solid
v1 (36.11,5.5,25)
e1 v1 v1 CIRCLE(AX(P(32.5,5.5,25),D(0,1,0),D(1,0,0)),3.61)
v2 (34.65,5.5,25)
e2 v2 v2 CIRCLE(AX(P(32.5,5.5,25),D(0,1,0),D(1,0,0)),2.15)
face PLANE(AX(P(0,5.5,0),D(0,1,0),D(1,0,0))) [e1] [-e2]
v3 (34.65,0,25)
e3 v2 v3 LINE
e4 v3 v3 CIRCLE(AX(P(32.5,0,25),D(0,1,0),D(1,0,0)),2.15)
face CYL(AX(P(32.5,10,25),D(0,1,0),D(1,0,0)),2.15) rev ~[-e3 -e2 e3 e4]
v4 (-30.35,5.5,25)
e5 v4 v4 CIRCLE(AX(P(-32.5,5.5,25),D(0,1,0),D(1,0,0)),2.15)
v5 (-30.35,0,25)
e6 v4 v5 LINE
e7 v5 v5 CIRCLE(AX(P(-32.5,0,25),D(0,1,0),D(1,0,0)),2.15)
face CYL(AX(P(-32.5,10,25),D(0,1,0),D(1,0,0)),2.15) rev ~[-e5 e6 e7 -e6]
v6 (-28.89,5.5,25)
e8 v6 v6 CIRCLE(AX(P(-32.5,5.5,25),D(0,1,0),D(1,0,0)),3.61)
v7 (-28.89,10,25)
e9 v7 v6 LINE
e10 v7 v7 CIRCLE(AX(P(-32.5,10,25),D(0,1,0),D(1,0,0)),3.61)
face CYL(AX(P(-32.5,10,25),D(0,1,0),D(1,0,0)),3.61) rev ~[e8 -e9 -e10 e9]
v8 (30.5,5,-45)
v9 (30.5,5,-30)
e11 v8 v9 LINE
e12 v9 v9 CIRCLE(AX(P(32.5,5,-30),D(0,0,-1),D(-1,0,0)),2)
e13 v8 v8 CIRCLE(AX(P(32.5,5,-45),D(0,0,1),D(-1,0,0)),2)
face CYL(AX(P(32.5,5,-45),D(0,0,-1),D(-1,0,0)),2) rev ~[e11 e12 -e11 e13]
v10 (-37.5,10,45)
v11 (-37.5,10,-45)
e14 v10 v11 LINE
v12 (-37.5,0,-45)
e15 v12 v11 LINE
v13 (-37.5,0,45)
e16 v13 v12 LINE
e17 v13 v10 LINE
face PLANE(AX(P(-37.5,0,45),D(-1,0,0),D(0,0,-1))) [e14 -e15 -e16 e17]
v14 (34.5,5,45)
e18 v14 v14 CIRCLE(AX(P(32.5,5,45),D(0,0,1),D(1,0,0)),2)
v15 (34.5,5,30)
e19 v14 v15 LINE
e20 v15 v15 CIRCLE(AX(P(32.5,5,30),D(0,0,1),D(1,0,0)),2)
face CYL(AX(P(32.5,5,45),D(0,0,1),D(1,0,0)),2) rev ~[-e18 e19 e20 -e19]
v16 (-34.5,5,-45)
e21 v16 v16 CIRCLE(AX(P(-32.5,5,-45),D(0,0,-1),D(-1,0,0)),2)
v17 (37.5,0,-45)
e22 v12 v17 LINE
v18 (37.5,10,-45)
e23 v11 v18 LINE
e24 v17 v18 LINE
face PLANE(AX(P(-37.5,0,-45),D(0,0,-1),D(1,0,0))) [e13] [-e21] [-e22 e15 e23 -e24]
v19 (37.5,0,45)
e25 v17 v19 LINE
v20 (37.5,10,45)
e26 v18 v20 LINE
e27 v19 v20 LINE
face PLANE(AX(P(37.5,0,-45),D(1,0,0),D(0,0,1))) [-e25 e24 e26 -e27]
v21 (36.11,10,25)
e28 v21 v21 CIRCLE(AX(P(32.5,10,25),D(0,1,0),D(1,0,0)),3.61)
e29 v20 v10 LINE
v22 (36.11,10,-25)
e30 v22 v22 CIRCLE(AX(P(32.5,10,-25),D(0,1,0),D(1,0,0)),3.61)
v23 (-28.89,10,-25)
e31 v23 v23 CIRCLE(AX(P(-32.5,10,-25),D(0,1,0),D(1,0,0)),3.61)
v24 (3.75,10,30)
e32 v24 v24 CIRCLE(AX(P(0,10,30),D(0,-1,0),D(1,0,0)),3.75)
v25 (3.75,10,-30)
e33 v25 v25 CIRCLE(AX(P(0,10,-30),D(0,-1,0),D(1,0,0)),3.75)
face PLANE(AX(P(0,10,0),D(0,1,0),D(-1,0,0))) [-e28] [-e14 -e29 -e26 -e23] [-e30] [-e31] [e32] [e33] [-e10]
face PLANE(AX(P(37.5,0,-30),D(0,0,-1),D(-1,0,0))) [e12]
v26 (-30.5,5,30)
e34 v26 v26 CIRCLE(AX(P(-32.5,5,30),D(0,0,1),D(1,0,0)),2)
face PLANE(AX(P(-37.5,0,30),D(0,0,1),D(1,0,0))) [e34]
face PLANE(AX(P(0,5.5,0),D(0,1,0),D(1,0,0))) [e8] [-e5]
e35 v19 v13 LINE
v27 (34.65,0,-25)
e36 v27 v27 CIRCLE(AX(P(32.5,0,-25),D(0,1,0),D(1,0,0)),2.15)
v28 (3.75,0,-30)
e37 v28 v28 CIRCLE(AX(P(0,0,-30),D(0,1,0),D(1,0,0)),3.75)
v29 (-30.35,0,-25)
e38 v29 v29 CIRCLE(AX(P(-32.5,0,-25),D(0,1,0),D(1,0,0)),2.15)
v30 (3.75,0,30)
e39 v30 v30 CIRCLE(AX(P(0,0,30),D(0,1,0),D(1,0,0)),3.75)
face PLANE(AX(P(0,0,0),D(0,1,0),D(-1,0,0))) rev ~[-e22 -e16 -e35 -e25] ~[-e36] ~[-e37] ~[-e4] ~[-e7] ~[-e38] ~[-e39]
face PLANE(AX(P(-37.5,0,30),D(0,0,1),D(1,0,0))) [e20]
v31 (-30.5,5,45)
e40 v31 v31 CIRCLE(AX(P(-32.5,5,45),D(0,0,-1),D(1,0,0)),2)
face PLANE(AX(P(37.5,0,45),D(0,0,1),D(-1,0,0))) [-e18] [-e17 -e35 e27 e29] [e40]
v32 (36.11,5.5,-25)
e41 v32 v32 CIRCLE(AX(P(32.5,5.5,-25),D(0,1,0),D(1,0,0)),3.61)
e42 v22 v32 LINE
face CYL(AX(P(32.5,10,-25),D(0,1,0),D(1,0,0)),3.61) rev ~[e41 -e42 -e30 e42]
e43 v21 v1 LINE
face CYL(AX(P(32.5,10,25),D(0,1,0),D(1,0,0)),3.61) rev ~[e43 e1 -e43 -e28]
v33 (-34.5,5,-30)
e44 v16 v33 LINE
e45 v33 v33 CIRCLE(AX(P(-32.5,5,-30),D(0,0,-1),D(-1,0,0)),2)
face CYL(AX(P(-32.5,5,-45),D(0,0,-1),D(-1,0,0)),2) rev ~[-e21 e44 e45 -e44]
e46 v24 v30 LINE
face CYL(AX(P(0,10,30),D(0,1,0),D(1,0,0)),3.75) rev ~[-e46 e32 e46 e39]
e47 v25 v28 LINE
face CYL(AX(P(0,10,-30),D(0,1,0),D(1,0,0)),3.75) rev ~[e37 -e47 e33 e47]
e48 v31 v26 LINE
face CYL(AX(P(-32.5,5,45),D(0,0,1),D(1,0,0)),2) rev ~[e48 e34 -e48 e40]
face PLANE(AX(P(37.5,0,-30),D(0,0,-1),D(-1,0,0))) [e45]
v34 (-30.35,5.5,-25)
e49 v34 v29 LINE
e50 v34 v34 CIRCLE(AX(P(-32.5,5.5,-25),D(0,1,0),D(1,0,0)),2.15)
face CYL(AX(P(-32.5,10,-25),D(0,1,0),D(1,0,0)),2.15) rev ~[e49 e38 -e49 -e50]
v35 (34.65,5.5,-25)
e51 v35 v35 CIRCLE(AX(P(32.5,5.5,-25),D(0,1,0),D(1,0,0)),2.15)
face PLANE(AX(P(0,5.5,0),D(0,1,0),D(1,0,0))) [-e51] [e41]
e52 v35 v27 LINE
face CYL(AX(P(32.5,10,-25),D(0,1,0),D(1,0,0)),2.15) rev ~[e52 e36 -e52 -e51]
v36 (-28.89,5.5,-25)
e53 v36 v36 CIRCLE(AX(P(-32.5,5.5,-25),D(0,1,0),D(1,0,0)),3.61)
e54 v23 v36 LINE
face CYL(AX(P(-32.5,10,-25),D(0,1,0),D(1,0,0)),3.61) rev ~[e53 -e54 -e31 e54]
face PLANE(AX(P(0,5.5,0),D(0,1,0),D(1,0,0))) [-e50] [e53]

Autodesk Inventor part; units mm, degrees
ref_plane "YZ Plane" through (0, 0, 0) normal (1, 0, 0) x (0, 1, 0)
ref_plane "XZ Plane" through (0, 0, 0) normal (0, 1, 0) x (-1, 0, 0)
ref_plane "XY Plane" through (0, 0, 0) normal (0, 0, 1) x (1, 0, 0)
sketch "Sketch1" plane through (0, 0, 0) normal (0, 1, 0) x (-1, 0, 0)
  line L0 (-37.5, 45) -> (37.5, 45)
  line L1 (37.5, 45) -> (37.5, -45)
  line L2 (37.5, -45) -> (-37.5, -45)
  line L3 (-37.5, -45) -> (-37.5, 45)
  line L4 (-37.5, 45) -> (37.5, -45) construction
  line L5 (37.5, 45) -> (-37.5, -45) construction
  point P0 (0, 0)
  dimension "d0" = 75
  dimension "d1" = 90
extrude "Extrusion1" add sketch "Sketch1" along normal blind 10
sketch "Sketch2" plane through (0, 10, 0) normal (0, 1, 0) x (1, 0, 0)
  line L0 (-37.5, -45) -> (37.5, -45) projected
  line L1 (37.5, -45) -> (37.5, -25)
  line L2 (37.5, -45) -> (37.5, 45) projected
  line L3 (37.5, -25) -> (32.5, -25)
  circle A0 centre (32.5, -25) radius 2.15
  line L4 (0, 0) -> (37.5, 0)
  line L5 (-37.5, 45) -> (37.5, 45)
  line L6 (37.5, 45) -> (37.5, 25)
  line L7 (37.5, 45) -> (37.5, -45)
  line L8 (37.5, 25) -> (32.5, 25)
  circle A1 centre (32.5, 25) radius 2.15
  line L9 (0, -45) -> (0, 45)
  line L10 (-37.5, -45) -> (-37.5, -25)
  line L11 (-37.5, -45) -> (-37.5, 45)
  line L12 (-37.5, -25) -> (-32.5, -25)
  circle A2 centre (-32.5, -25) radius 2.15
  line L13 (-37.5, 45) -> (-37.5, 25)
  line L14 (-37.5, 45) -> (-37.5, -45)
  line L15 (-37.5, 25) -> (-32.5, 25)
  circle A3 centre (-32.5, 25) radius 2.15
  point P0 (-37.5, 0)
  dimension "d4" = 20
  dimension "d5" = 5
  dimension "d6" = 4.3
extrude "Extrusion2" cut sketch "Sketch2" against normal blind 10 contours A3 | A2 | A0 | A1
sketch "Sketch3" plane through (0, 10, 0) normal (0, 1, 0) x (1, 0, 0)
  circle A0 centre (32.5, -25) radius 3.61
  circle A1 centre (32.5, -25) radius 2.15 projected
  line L0 (0, 0) -> (29.9913, 0)
  line L1 (-37.5, -45) -> (37.5, -45) projected
  line L2 (0, -45) -> (0, 45)
  circle A2 centre (32.5, -25) radius 2
  circle A3 centre (32.5, 25) radius 3.61
  circle A4 centre (32.5, 25) radius 2.15
  circle A5 centre (32.5, 25) radius 2
  circle A6 centre (-32.5, -25) radius 3.61
  circle A7 centre (-32.5, -25) radius 2.15
  circle A8 centre (-32.5, -25) radius 2
  circle A9 centre (-32.5, 25) radius 3.61
  circle A10 centre (-32.5, 25) radius 2.15
  circle A11 centre (-32.5, 25) radius 2
  point P0 (-29.9913, 0)
  dimension "d11" = 7.22
  dimension "d14" = 4
extrude "Extrusion3" cut sketch "Sketch3" against normal blind 4.5 contours A0 | A3 | A6 | A9
sketch "Sketch4" plane through (0, 10, 0) normal (0, 1, 0) x (1, 0, 0)
  line L0 (-37.5, -45) -> (37.5, -45) projected
  line L1 (37.5, -45) -> (0, -45)
  line L2 (0, -45) -> (0, -30)
  circle A0 centre (0, -30) radius 3.75
  line L3 (37.5, 45) -> (-37.5, 45) projected
  line L4 (-37.5, 45) -> (0, 45)
  line L5 (0, 45) -> (0, 30)
  circle A1 centre (0, 30) radius 3.75
  point P0 (0, 0)
  dimension "d17" = 37.5
  dimension "d18" = 15
  dimension "d19" = 7.5
  dimension "d22" = 37.5
  dimension "d23" = 15
  dimension "d24" = 7.5
extrude "Extrusion5" cut sketch "Sketch4" against normal blind 10
sketch "Sketch7" plane through (0, 10, 0) normal (0, 1, 0) x (1, 0, 0)
  circle A0 centre (0, 30) radius 3.75 projected
sketch "Sketch8" plane through (0, 10, 0) normal (0, 1, 0) x (1, 0, 0)
  circle A0 centre (0, -30) radius 3.75 projected
sketch "Sketch9" plane through (-37.5, 0, 45) normal (0, 0, 1) x (1, 0, 0)
  line L0 (0, 0) -> (0, 10) projected
  line L1 (0, 5) -> (5, 5)
  circle A0 centre (5, 5) radius 2
  line L2 (75, 0) -> (75, 10) projected
  line L3 (75, 5) -> (70, 5)
  circle A1 centre (70, 5) radius 2
  point P0 (37.5, 0)
  dimension "d28" = 5
  dimension "d29" = 4
  dimension "d30" = 5
  dimension "d31" = 4
sketch "Sketch10" plane through (37.5, 0, -45) normal (0, 0, -1) x (-1, 0, 0)
  line L0 (0, 0) -> (0, 10) projected
  line L1 (0, 5) -> (5, 5)
  line L2 (75, 0) -> (75, 10) projected
  line L3 (75, 5) -> (70, 5)
  circle A0 centre (5, 5) radius 2
  circle A1 centre (70, 5) radius 2
  point P0 (37.5, 0)
  dimension "d32" = 5
  dimension "d33" = 5
  dimension "d34" = 4
  dimension "d35" = 4
extrude "Extrusion6" cut sketch "Sketch10" against normal blind 15
extrude "Extrusion7" cut sketch "Sketch9" against normal blind 15
thread "Thread1" size "M4x0.7" class "6H" standard "ANSI Metric M Profile" full length
thread "Thread2" size "M4x0.7" class "6H" standard "ANSI Metric M Profile" full length
thread "Thread3" size "M4x0.7" class "6H" standard "ANSI Metric M Profile" full length
thread "Thread4" size "M4x0.7" class "6H" standard "ANSI Metric M Profile" full length
properties part number "Rb PEEK - Arriba"
